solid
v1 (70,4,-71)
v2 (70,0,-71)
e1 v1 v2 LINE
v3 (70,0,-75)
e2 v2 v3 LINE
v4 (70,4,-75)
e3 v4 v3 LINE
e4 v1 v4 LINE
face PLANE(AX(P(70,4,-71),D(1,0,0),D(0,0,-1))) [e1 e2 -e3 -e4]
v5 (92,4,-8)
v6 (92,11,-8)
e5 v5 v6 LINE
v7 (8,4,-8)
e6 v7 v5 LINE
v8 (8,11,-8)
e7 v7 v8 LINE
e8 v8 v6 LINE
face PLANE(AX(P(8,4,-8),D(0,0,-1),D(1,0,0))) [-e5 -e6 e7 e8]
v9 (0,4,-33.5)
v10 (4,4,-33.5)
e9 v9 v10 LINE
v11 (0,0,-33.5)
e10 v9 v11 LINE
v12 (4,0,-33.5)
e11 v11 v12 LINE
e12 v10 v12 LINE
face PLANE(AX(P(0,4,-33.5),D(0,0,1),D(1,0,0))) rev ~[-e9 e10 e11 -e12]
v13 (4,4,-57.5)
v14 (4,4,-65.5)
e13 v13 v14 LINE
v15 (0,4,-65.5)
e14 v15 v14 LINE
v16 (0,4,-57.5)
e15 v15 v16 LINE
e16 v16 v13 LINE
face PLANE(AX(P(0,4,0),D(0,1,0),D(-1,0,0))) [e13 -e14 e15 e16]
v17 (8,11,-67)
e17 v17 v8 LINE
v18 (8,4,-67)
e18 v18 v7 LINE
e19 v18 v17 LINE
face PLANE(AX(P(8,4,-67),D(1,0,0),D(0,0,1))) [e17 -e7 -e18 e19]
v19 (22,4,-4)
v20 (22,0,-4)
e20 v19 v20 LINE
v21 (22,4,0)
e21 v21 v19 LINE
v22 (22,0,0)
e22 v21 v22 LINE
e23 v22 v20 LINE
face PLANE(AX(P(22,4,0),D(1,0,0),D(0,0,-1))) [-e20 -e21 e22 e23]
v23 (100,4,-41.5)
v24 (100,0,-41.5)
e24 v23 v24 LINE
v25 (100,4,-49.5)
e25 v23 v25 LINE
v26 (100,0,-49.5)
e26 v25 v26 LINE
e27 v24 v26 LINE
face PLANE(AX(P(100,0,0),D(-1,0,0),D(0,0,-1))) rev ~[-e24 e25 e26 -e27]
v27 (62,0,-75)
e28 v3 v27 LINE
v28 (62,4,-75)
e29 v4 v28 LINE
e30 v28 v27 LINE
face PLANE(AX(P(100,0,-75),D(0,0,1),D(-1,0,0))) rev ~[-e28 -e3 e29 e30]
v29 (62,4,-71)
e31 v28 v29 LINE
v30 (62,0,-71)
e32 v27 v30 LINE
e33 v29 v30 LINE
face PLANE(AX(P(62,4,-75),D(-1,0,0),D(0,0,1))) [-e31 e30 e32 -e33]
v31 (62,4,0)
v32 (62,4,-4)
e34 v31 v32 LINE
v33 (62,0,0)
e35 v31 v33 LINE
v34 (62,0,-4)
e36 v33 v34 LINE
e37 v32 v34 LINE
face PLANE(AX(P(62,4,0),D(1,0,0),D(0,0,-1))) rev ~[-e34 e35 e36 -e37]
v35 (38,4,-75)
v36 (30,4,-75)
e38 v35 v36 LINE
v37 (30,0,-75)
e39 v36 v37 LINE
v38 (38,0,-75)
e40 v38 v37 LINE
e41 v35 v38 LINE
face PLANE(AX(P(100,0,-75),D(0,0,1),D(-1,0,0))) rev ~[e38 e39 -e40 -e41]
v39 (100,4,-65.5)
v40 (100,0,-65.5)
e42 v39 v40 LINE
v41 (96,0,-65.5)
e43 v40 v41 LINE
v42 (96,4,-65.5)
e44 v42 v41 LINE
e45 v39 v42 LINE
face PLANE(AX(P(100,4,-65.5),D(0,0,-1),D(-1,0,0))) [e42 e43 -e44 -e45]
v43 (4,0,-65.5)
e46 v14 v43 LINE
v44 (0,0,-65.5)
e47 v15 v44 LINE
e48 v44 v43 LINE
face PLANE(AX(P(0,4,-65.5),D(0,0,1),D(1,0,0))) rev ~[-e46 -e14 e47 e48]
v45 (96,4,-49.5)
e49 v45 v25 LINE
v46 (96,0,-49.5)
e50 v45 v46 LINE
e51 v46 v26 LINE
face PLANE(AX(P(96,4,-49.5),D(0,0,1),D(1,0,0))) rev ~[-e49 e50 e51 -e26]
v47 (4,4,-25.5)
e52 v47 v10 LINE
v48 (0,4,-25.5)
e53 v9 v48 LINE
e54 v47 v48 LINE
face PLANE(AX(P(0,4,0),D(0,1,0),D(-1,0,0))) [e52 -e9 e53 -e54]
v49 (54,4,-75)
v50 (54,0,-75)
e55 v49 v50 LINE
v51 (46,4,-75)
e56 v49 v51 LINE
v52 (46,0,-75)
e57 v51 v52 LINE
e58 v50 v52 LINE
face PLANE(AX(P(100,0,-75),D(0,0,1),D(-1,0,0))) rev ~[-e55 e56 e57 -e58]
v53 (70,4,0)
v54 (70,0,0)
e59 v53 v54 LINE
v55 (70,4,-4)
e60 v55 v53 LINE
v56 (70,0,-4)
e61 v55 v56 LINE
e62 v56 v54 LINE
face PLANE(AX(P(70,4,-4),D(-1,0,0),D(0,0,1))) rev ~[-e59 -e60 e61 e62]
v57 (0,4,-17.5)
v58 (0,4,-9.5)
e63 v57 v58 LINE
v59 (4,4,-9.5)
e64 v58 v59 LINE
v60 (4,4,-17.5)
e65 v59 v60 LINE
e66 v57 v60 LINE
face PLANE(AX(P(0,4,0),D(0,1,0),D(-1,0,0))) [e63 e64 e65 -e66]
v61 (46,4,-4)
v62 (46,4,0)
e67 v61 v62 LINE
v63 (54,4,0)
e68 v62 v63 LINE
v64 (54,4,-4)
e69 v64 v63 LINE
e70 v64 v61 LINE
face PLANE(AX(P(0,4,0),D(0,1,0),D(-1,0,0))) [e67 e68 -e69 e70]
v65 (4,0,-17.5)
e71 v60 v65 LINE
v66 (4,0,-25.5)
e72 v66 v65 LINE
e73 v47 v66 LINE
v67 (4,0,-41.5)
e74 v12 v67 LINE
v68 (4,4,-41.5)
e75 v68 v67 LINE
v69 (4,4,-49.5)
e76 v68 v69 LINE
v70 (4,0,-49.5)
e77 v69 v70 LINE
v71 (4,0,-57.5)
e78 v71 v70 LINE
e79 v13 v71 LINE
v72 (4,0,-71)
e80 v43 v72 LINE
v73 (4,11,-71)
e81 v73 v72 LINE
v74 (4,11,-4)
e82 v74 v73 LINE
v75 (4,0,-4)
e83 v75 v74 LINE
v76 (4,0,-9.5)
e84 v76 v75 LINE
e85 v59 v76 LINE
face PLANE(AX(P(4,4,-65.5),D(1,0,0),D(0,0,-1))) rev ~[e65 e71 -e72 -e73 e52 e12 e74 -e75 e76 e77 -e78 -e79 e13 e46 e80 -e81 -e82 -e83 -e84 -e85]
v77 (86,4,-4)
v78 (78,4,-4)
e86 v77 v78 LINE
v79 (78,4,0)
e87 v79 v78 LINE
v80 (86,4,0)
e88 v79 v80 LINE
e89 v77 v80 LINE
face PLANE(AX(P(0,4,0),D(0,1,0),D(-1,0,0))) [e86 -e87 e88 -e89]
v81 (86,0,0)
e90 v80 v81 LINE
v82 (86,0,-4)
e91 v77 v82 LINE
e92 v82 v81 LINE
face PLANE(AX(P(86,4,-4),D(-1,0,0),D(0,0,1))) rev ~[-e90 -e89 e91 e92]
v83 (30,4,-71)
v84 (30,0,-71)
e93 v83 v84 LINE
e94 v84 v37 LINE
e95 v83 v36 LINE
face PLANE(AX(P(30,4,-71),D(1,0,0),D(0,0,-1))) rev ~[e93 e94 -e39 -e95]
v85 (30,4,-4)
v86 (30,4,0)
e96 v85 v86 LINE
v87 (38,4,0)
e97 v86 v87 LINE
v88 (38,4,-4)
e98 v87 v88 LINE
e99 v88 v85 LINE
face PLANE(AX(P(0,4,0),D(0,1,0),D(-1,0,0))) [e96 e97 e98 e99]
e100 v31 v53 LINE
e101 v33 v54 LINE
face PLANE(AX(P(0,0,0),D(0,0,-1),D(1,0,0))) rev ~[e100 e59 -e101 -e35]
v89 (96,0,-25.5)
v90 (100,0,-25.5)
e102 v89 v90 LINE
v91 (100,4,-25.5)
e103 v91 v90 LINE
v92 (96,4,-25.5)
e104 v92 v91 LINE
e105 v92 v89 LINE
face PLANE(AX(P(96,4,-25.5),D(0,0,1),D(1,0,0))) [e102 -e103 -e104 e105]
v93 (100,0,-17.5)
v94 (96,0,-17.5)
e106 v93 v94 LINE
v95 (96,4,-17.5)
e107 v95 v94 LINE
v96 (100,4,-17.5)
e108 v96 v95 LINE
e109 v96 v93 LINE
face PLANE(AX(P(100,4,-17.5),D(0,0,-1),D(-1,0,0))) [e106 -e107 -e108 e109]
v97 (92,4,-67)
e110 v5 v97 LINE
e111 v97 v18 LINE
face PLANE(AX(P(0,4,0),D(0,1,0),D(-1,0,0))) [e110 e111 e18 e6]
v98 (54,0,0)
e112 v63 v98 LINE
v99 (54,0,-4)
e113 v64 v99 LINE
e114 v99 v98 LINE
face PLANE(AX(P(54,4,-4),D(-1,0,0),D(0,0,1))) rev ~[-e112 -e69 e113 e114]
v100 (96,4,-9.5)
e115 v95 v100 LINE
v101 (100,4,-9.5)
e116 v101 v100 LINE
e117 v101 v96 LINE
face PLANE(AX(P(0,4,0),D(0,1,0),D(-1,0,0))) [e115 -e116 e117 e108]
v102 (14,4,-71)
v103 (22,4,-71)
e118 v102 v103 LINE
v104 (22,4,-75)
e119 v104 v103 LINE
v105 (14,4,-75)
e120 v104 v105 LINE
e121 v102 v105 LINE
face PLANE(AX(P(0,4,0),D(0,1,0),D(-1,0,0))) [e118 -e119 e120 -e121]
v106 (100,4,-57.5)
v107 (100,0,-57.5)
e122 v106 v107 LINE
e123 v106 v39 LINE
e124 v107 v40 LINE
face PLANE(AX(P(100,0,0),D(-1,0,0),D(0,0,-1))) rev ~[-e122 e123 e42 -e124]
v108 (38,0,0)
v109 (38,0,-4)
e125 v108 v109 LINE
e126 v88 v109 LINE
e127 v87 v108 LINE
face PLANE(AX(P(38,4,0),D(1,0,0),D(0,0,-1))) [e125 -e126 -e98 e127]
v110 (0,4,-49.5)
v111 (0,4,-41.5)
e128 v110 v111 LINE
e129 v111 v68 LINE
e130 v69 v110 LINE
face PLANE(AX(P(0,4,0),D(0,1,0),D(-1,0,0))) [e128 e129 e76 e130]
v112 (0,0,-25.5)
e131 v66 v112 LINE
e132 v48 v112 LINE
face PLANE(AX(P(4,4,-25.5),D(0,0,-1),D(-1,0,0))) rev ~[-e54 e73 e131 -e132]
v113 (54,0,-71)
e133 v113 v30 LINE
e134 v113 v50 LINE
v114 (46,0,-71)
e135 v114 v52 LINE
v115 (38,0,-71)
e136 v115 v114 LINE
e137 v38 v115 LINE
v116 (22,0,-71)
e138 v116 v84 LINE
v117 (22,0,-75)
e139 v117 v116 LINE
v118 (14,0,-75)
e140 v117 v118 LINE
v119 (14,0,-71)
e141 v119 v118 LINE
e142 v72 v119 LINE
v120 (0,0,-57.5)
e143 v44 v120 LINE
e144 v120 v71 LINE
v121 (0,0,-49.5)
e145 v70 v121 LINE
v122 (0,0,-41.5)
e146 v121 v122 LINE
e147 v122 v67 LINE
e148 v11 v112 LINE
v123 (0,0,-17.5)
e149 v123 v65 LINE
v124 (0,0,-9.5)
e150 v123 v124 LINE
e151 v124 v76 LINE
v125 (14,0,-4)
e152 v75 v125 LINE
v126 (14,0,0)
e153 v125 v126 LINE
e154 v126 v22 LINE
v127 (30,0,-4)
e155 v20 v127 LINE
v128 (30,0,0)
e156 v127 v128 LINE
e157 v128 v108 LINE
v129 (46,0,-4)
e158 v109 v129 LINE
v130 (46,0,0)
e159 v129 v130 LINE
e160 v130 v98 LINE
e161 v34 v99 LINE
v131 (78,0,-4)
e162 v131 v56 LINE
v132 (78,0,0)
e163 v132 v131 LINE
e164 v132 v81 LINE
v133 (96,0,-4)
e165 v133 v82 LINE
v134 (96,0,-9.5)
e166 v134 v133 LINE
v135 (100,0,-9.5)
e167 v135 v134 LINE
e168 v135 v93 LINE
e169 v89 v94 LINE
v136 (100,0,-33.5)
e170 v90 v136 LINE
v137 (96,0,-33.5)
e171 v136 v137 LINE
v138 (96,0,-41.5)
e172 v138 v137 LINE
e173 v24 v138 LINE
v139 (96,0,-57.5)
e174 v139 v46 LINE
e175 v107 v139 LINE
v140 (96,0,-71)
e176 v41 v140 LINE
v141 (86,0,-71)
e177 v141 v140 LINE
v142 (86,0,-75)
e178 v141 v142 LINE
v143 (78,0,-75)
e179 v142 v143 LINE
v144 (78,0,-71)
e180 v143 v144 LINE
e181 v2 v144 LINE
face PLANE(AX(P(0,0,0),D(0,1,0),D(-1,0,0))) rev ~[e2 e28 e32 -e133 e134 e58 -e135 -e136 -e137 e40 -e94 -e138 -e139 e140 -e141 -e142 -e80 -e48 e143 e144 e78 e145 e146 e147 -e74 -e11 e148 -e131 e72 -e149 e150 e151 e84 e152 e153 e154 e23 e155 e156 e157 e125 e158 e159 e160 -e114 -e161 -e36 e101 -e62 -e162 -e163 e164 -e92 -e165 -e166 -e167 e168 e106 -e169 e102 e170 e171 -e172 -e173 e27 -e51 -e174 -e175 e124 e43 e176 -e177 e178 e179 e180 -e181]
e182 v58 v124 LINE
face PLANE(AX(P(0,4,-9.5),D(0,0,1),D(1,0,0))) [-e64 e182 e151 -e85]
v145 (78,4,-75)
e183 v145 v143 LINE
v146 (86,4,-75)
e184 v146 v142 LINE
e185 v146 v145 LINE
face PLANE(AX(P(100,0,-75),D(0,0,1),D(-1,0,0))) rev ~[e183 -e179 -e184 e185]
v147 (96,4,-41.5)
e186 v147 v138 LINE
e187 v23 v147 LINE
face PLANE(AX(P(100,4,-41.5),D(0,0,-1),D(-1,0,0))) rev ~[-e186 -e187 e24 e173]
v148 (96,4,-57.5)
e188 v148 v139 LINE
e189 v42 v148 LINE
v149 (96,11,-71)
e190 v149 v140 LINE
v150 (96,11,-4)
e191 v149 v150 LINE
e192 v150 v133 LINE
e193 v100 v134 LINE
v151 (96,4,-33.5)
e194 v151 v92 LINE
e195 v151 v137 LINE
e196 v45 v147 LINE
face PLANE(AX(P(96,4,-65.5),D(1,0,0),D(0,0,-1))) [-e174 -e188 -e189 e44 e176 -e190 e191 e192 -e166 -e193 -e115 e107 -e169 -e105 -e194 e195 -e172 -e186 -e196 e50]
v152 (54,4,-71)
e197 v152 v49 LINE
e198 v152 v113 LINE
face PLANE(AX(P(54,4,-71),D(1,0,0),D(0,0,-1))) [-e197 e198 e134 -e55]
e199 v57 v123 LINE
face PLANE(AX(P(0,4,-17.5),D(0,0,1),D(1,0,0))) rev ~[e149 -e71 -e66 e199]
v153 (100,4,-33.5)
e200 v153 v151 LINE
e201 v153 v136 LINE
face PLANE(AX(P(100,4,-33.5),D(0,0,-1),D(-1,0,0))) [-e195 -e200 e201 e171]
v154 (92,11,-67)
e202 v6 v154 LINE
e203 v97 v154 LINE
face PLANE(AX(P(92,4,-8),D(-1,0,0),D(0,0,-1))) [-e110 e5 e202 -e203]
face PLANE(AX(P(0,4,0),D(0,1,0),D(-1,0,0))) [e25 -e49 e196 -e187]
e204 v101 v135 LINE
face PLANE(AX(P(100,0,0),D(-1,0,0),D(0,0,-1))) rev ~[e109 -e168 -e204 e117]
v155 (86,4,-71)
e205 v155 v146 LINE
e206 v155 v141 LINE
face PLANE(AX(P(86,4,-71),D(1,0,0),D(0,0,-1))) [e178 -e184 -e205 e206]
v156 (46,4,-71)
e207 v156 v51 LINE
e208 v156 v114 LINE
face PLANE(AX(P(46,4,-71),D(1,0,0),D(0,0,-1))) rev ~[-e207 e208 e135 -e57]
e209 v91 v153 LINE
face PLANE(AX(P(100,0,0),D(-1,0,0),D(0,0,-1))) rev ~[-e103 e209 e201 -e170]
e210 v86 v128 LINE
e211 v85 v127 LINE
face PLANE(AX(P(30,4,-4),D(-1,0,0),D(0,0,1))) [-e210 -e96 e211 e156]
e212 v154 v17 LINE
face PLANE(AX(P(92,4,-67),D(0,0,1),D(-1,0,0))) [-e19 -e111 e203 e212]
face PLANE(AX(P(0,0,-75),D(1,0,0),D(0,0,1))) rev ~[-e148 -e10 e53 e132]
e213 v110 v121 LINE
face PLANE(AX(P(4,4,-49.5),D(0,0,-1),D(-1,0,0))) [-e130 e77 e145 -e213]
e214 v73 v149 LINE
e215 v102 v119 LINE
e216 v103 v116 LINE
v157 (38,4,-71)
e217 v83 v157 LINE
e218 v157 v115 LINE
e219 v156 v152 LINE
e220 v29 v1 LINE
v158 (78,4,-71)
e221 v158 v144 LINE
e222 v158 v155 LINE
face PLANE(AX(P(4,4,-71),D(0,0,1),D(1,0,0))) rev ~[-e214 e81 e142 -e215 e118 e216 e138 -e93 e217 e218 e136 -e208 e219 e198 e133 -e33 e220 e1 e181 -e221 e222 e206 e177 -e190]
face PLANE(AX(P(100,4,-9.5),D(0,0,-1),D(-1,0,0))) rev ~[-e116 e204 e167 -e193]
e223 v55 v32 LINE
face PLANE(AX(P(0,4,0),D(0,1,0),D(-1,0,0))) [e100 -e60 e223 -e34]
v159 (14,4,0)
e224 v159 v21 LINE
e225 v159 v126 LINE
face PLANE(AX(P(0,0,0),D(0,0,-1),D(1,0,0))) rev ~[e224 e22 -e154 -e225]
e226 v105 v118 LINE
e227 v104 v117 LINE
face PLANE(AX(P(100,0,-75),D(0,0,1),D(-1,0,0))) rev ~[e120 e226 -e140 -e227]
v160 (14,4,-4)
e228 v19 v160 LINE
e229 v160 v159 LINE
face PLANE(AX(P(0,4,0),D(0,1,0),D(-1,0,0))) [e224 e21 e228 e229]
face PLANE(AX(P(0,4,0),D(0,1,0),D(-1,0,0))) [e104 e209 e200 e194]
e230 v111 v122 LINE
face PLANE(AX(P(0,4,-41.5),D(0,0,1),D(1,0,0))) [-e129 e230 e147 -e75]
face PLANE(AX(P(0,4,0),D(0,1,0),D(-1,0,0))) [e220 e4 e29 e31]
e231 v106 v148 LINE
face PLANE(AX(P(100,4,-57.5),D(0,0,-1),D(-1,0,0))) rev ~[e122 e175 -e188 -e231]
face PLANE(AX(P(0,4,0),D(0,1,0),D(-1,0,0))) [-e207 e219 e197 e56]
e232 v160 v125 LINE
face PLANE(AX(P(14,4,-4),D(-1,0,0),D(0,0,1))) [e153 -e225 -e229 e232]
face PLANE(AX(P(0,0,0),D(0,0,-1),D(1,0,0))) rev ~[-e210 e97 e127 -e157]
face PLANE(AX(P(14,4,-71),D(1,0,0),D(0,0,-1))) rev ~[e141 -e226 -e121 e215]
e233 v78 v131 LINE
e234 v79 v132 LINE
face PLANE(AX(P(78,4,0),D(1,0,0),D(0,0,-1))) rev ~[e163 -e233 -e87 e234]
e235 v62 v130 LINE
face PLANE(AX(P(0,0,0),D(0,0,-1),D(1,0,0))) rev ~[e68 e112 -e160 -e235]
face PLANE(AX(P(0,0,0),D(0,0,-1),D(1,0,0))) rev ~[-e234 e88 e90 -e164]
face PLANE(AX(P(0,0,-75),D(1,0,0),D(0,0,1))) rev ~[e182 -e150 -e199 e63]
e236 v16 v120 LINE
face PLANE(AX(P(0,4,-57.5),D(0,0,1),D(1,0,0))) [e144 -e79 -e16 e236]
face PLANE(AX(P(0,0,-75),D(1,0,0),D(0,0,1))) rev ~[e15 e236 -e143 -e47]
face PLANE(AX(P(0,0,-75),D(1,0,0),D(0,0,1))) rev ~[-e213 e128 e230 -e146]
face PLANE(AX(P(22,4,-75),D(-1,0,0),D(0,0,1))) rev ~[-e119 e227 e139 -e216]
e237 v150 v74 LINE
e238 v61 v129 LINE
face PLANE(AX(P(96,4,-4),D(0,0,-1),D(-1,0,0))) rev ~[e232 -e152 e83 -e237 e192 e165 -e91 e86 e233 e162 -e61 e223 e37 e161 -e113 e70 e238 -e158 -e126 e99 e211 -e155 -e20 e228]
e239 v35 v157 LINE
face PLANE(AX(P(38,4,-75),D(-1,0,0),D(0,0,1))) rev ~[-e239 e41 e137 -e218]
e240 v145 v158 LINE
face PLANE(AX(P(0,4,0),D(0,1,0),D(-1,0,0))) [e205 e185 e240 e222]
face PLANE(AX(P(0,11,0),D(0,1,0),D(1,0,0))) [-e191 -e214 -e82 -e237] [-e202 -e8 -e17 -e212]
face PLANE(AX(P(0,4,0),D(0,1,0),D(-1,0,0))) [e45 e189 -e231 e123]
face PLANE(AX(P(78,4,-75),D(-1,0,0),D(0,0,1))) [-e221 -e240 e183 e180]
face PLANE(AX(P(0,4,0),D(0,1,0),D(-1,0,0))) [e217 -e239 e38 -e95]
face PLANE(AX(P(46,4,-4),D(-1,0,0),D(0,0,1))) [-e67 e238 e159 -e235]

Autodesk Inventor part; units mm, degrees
ref_plane "YZ Plane" through (0, 0, 0) normal (1, 0, 0) x (0, 1, 0)
ref_plane "XZ Plane" through (0, 0, 0) normal (0, 1, 0) x (-1, 0, 0)
ref_plane "XY Plane" through (0, 0, 0) normal (0, 0, 1) x (1, 0, 0)
sketch "Sketch1" plane through (0, 0, 0) normal (0, 1, 0) x (-1, 0, 0)
  line L0 (0, 0) -> (-100, 0)
  line L1 (-100, 0) -> (-100, -75)
  line L2 (-100, -75) -> (0, -75)
  line L3 (0, -75) -> (0, 0)
  dimension "d0" = 100
  dimension "d1" = 75
extrude "Extrusion1" add sketch "Sketch1" along normal blind 4
sketch "Sketch2" plane through (0, 4, 0) normal (0, 1, 0) x (1, 0, 0)
  line L0 (0, 0) -> (100, 0) construction
  line L1 (100, 0) -> (100, 75) construction
  line L2 (100, 75) -> (0, 75) construction
  line L3 (0, 75) -> (0, 0) construction
  line L4 (4, 71) -> (96, 71)
  line L5 (96, 71) -> (96, 4)
  line L6 (96, 4) -> (4, 4)
  line L7 (4, 4) -> (4, 71)
  line L8 (92, 67) -> (8, 67)
  line L9 (8, 67) -> (8, 8)
  line L10 (8, 8) -> (92, 8)
  line L11 (92, 8) -> (92, 67)
  dimension "d4" = 4
  dimension "d5" = 4
extrude "Extrusion2" add sketch "Sketch2" along normal blind 7
sketch "Sketch3" plane through (0, 4, 0) normal (0, 1, 0) x (1, 0, 0)
  line L0 (100, 75) -> (0, 75) construction
  line L1 (0, 75) -> (0, 0) construction
  line L2 (0, 0) -> (100, 0) construction
  line L3 (100, 0) -> (100, 75) construction
  line L4 (4, 71) -> (96, 71) construction
  line L5 (96, 71) -> (96, 4) construction
  line L6 (96, 4) -> (4, 4) construction
  line L7 (4, 4) -> (4, 71) construction
  line L8 (0, 37.5) -> (100, 37.5) construction
  line L9 (50, 75) -> (50, 0) construction
  line L10 (0, 65.5) -> (4, 65.5)
  line L11 (4, 65.5) -> (4, 71)
  line L12 (4, 71) -> (14, 71)
  line L13 (4, 71) -> (96, 71) projected
  line L14 (14, 71) -> (14, 75)
  line L15 (14, 75) -> (0, 75)
  line L16 (0, 75) -> (0, 65.5)
  line L17 (0, 57.5) -> (4, 57.5)
  line L18 (4, 57.5) -> (4, 49.5)
  line L19 (4, 71) -> (4, 4) projected
  line L20 (4, 49.5) -> (0, 49.5)
  line L21 (0, 49.5) -> (0, 57.5)
  line L22 (0, 41.5) -> (4, 41.5)
  line L23 (4, 37.5) -> (4, 41.5)
  line L24 (0, 41.5) -> (0, 37.5)
  line L25 (22, 75) -> (22, 71)
  line L26 (22, 71) -> (30, 71)
  line L27 (30, 71) -> (30, 75)
  line L28 (30, 75) -> (22, 75)
  line L29 (38, 75) -> (38, 71)
  line L30 (38, 71) -> (46, 71)
  line L31 (46, 71) -> (46, 75)
  line L32 (46, 75) -> (38, 75)
  line L33 (0, 9.5) -> (4, 9.5)
  line L34 (4, 9.5) -> (4, 4)
  line L35 (4, 4) -> (14, 4)
  line L36 (14, 4) -> (14, 0)
  line L37 (14, 0) -> (0, 0)
  line L38 (0, 0) -> (0, 9.5)
  line L39 (0, 17.5) -> (4, 17.5)
  line L40 (4, 17.5) -> (4, 25.5)
  line L41 (4, 25.5) -> (0, 25.5)
  line L42 (0, 25.5) -> (0, 17.5)
  line L43 (0, 33.5) -> (4, 33.5)
  line L44 (4, 37.5) -> (4, 33.5)
  line L45 (0, 33.5) -> (0, 37.5)
  line L46 (22, 0) -> (22, 4)
  line L47 (22, 4) -> (30, 4)
  line L48 (30, 4) -> (30, 0)
  line L49 (30, 0) -> (22, 0)
  line L50 (38, 0) -> (38, 4)
  line L51 (38, 4) -> (46, 4)
  line L52 (46, 4) -> (46, 0)
  line L53 (46, 0) -> (38, 0)
  line L54 (100, 75) -> (100, 0) construction
  line L55 (96, 4) -> (96, 71) construction
  line L56 (100, 65.5) -> (96, 65.5)
  line L57 (96, 65.5) -> (96, 71)
  line L58 (96, 71) -> (86, 71)
  line L59 (86, 71) -> (86, 75)
  line L60 (86, 75) -> (100, 75)
  line L61 (100, 75) -> (100, 65.5)
  line L62 (100, 57.5) -> (96, 57.5)
  line L63 (96, 57.5) -> (96, 49.5)
  line L64 (96, 71) -> (96, 4)
  line L65 (96, 49.5) -> (100, 49.5)
  line L66 (100, 49.5) -> (100, 57.5)
  line L67 (100, 41.5) -> (96, 41.5)
  line L68 (96, 37.5) -> (96, 41.5)
  line L69 (100, 41.5) -> (100, 37.5)
  line L70 (78, 75) -> (78, 71)
  line L71 (78, 71) -> (70, 71)
  line L72 (70, 71) -> (70, 75)
  line L73 (70, 75) -> (78, 75)
  line L74 (62, 75) -> (62, 71)
  line L75 (62, 71) -> (54, 71)
  line L76 (54, 71) -> (54, 75)
  line L77 (54, 75) -> (62, 75)
  line L78 (78, 0) -> (78, 4)
  line L79 (70, 4) -> (70, 0)
  line L80 (78, 4) -> (70, 4)
  line L81 (70, 0) -> (78, 0)
  line L82 (54, 4) -> (54, 0)
  line L83 (62, 4) -> (54, 4)
  line L84 (54, 0) -> (62, 0)
  line L85 (62, 0) -> (62, 4)
  line L86 (96, 4) -> (86, 4)
  line L87 (100, 9.5) -> (96, 9.5)
  line L88 (96, 9.5) -> (96, 4)
  line L89 (86, 4) -> (86, 0)
  line L90 (86, 0) -> (100, 0)
  line L91 (96, 17.5) -> (96, 25.5)
  line L92 (100, 17.5) -> (96, 17.5)
  line L93 (96, 25.5) -> (100, 25.5)
  line L94 (96, 37.5) -> (96, 33.5)
  line L95 (100, 33.5) -> (96, 33.5)
  line L96 (100, 33.5) -> (100, 37.5)
  line L97 (100, 25.5) -> (100, 17.5)
  line L98 (100, 0) -> (100, 9.5)
  dimension "d9" = 8
  dimension "d11" = 4
  dimension "d12" = 8
  dimension "d13" = 8
  dimension "d14" = 8
  dimension "d15" = 8
  dimension "d16" = 8
  dimension "d17" = 4
  dimension "d18" = 8
extrude "Extrusion3" cut sketch "Sketch3" against normal up to surface (4 mm away)
properties part number "bottom" material "PBT Plastic Black"
